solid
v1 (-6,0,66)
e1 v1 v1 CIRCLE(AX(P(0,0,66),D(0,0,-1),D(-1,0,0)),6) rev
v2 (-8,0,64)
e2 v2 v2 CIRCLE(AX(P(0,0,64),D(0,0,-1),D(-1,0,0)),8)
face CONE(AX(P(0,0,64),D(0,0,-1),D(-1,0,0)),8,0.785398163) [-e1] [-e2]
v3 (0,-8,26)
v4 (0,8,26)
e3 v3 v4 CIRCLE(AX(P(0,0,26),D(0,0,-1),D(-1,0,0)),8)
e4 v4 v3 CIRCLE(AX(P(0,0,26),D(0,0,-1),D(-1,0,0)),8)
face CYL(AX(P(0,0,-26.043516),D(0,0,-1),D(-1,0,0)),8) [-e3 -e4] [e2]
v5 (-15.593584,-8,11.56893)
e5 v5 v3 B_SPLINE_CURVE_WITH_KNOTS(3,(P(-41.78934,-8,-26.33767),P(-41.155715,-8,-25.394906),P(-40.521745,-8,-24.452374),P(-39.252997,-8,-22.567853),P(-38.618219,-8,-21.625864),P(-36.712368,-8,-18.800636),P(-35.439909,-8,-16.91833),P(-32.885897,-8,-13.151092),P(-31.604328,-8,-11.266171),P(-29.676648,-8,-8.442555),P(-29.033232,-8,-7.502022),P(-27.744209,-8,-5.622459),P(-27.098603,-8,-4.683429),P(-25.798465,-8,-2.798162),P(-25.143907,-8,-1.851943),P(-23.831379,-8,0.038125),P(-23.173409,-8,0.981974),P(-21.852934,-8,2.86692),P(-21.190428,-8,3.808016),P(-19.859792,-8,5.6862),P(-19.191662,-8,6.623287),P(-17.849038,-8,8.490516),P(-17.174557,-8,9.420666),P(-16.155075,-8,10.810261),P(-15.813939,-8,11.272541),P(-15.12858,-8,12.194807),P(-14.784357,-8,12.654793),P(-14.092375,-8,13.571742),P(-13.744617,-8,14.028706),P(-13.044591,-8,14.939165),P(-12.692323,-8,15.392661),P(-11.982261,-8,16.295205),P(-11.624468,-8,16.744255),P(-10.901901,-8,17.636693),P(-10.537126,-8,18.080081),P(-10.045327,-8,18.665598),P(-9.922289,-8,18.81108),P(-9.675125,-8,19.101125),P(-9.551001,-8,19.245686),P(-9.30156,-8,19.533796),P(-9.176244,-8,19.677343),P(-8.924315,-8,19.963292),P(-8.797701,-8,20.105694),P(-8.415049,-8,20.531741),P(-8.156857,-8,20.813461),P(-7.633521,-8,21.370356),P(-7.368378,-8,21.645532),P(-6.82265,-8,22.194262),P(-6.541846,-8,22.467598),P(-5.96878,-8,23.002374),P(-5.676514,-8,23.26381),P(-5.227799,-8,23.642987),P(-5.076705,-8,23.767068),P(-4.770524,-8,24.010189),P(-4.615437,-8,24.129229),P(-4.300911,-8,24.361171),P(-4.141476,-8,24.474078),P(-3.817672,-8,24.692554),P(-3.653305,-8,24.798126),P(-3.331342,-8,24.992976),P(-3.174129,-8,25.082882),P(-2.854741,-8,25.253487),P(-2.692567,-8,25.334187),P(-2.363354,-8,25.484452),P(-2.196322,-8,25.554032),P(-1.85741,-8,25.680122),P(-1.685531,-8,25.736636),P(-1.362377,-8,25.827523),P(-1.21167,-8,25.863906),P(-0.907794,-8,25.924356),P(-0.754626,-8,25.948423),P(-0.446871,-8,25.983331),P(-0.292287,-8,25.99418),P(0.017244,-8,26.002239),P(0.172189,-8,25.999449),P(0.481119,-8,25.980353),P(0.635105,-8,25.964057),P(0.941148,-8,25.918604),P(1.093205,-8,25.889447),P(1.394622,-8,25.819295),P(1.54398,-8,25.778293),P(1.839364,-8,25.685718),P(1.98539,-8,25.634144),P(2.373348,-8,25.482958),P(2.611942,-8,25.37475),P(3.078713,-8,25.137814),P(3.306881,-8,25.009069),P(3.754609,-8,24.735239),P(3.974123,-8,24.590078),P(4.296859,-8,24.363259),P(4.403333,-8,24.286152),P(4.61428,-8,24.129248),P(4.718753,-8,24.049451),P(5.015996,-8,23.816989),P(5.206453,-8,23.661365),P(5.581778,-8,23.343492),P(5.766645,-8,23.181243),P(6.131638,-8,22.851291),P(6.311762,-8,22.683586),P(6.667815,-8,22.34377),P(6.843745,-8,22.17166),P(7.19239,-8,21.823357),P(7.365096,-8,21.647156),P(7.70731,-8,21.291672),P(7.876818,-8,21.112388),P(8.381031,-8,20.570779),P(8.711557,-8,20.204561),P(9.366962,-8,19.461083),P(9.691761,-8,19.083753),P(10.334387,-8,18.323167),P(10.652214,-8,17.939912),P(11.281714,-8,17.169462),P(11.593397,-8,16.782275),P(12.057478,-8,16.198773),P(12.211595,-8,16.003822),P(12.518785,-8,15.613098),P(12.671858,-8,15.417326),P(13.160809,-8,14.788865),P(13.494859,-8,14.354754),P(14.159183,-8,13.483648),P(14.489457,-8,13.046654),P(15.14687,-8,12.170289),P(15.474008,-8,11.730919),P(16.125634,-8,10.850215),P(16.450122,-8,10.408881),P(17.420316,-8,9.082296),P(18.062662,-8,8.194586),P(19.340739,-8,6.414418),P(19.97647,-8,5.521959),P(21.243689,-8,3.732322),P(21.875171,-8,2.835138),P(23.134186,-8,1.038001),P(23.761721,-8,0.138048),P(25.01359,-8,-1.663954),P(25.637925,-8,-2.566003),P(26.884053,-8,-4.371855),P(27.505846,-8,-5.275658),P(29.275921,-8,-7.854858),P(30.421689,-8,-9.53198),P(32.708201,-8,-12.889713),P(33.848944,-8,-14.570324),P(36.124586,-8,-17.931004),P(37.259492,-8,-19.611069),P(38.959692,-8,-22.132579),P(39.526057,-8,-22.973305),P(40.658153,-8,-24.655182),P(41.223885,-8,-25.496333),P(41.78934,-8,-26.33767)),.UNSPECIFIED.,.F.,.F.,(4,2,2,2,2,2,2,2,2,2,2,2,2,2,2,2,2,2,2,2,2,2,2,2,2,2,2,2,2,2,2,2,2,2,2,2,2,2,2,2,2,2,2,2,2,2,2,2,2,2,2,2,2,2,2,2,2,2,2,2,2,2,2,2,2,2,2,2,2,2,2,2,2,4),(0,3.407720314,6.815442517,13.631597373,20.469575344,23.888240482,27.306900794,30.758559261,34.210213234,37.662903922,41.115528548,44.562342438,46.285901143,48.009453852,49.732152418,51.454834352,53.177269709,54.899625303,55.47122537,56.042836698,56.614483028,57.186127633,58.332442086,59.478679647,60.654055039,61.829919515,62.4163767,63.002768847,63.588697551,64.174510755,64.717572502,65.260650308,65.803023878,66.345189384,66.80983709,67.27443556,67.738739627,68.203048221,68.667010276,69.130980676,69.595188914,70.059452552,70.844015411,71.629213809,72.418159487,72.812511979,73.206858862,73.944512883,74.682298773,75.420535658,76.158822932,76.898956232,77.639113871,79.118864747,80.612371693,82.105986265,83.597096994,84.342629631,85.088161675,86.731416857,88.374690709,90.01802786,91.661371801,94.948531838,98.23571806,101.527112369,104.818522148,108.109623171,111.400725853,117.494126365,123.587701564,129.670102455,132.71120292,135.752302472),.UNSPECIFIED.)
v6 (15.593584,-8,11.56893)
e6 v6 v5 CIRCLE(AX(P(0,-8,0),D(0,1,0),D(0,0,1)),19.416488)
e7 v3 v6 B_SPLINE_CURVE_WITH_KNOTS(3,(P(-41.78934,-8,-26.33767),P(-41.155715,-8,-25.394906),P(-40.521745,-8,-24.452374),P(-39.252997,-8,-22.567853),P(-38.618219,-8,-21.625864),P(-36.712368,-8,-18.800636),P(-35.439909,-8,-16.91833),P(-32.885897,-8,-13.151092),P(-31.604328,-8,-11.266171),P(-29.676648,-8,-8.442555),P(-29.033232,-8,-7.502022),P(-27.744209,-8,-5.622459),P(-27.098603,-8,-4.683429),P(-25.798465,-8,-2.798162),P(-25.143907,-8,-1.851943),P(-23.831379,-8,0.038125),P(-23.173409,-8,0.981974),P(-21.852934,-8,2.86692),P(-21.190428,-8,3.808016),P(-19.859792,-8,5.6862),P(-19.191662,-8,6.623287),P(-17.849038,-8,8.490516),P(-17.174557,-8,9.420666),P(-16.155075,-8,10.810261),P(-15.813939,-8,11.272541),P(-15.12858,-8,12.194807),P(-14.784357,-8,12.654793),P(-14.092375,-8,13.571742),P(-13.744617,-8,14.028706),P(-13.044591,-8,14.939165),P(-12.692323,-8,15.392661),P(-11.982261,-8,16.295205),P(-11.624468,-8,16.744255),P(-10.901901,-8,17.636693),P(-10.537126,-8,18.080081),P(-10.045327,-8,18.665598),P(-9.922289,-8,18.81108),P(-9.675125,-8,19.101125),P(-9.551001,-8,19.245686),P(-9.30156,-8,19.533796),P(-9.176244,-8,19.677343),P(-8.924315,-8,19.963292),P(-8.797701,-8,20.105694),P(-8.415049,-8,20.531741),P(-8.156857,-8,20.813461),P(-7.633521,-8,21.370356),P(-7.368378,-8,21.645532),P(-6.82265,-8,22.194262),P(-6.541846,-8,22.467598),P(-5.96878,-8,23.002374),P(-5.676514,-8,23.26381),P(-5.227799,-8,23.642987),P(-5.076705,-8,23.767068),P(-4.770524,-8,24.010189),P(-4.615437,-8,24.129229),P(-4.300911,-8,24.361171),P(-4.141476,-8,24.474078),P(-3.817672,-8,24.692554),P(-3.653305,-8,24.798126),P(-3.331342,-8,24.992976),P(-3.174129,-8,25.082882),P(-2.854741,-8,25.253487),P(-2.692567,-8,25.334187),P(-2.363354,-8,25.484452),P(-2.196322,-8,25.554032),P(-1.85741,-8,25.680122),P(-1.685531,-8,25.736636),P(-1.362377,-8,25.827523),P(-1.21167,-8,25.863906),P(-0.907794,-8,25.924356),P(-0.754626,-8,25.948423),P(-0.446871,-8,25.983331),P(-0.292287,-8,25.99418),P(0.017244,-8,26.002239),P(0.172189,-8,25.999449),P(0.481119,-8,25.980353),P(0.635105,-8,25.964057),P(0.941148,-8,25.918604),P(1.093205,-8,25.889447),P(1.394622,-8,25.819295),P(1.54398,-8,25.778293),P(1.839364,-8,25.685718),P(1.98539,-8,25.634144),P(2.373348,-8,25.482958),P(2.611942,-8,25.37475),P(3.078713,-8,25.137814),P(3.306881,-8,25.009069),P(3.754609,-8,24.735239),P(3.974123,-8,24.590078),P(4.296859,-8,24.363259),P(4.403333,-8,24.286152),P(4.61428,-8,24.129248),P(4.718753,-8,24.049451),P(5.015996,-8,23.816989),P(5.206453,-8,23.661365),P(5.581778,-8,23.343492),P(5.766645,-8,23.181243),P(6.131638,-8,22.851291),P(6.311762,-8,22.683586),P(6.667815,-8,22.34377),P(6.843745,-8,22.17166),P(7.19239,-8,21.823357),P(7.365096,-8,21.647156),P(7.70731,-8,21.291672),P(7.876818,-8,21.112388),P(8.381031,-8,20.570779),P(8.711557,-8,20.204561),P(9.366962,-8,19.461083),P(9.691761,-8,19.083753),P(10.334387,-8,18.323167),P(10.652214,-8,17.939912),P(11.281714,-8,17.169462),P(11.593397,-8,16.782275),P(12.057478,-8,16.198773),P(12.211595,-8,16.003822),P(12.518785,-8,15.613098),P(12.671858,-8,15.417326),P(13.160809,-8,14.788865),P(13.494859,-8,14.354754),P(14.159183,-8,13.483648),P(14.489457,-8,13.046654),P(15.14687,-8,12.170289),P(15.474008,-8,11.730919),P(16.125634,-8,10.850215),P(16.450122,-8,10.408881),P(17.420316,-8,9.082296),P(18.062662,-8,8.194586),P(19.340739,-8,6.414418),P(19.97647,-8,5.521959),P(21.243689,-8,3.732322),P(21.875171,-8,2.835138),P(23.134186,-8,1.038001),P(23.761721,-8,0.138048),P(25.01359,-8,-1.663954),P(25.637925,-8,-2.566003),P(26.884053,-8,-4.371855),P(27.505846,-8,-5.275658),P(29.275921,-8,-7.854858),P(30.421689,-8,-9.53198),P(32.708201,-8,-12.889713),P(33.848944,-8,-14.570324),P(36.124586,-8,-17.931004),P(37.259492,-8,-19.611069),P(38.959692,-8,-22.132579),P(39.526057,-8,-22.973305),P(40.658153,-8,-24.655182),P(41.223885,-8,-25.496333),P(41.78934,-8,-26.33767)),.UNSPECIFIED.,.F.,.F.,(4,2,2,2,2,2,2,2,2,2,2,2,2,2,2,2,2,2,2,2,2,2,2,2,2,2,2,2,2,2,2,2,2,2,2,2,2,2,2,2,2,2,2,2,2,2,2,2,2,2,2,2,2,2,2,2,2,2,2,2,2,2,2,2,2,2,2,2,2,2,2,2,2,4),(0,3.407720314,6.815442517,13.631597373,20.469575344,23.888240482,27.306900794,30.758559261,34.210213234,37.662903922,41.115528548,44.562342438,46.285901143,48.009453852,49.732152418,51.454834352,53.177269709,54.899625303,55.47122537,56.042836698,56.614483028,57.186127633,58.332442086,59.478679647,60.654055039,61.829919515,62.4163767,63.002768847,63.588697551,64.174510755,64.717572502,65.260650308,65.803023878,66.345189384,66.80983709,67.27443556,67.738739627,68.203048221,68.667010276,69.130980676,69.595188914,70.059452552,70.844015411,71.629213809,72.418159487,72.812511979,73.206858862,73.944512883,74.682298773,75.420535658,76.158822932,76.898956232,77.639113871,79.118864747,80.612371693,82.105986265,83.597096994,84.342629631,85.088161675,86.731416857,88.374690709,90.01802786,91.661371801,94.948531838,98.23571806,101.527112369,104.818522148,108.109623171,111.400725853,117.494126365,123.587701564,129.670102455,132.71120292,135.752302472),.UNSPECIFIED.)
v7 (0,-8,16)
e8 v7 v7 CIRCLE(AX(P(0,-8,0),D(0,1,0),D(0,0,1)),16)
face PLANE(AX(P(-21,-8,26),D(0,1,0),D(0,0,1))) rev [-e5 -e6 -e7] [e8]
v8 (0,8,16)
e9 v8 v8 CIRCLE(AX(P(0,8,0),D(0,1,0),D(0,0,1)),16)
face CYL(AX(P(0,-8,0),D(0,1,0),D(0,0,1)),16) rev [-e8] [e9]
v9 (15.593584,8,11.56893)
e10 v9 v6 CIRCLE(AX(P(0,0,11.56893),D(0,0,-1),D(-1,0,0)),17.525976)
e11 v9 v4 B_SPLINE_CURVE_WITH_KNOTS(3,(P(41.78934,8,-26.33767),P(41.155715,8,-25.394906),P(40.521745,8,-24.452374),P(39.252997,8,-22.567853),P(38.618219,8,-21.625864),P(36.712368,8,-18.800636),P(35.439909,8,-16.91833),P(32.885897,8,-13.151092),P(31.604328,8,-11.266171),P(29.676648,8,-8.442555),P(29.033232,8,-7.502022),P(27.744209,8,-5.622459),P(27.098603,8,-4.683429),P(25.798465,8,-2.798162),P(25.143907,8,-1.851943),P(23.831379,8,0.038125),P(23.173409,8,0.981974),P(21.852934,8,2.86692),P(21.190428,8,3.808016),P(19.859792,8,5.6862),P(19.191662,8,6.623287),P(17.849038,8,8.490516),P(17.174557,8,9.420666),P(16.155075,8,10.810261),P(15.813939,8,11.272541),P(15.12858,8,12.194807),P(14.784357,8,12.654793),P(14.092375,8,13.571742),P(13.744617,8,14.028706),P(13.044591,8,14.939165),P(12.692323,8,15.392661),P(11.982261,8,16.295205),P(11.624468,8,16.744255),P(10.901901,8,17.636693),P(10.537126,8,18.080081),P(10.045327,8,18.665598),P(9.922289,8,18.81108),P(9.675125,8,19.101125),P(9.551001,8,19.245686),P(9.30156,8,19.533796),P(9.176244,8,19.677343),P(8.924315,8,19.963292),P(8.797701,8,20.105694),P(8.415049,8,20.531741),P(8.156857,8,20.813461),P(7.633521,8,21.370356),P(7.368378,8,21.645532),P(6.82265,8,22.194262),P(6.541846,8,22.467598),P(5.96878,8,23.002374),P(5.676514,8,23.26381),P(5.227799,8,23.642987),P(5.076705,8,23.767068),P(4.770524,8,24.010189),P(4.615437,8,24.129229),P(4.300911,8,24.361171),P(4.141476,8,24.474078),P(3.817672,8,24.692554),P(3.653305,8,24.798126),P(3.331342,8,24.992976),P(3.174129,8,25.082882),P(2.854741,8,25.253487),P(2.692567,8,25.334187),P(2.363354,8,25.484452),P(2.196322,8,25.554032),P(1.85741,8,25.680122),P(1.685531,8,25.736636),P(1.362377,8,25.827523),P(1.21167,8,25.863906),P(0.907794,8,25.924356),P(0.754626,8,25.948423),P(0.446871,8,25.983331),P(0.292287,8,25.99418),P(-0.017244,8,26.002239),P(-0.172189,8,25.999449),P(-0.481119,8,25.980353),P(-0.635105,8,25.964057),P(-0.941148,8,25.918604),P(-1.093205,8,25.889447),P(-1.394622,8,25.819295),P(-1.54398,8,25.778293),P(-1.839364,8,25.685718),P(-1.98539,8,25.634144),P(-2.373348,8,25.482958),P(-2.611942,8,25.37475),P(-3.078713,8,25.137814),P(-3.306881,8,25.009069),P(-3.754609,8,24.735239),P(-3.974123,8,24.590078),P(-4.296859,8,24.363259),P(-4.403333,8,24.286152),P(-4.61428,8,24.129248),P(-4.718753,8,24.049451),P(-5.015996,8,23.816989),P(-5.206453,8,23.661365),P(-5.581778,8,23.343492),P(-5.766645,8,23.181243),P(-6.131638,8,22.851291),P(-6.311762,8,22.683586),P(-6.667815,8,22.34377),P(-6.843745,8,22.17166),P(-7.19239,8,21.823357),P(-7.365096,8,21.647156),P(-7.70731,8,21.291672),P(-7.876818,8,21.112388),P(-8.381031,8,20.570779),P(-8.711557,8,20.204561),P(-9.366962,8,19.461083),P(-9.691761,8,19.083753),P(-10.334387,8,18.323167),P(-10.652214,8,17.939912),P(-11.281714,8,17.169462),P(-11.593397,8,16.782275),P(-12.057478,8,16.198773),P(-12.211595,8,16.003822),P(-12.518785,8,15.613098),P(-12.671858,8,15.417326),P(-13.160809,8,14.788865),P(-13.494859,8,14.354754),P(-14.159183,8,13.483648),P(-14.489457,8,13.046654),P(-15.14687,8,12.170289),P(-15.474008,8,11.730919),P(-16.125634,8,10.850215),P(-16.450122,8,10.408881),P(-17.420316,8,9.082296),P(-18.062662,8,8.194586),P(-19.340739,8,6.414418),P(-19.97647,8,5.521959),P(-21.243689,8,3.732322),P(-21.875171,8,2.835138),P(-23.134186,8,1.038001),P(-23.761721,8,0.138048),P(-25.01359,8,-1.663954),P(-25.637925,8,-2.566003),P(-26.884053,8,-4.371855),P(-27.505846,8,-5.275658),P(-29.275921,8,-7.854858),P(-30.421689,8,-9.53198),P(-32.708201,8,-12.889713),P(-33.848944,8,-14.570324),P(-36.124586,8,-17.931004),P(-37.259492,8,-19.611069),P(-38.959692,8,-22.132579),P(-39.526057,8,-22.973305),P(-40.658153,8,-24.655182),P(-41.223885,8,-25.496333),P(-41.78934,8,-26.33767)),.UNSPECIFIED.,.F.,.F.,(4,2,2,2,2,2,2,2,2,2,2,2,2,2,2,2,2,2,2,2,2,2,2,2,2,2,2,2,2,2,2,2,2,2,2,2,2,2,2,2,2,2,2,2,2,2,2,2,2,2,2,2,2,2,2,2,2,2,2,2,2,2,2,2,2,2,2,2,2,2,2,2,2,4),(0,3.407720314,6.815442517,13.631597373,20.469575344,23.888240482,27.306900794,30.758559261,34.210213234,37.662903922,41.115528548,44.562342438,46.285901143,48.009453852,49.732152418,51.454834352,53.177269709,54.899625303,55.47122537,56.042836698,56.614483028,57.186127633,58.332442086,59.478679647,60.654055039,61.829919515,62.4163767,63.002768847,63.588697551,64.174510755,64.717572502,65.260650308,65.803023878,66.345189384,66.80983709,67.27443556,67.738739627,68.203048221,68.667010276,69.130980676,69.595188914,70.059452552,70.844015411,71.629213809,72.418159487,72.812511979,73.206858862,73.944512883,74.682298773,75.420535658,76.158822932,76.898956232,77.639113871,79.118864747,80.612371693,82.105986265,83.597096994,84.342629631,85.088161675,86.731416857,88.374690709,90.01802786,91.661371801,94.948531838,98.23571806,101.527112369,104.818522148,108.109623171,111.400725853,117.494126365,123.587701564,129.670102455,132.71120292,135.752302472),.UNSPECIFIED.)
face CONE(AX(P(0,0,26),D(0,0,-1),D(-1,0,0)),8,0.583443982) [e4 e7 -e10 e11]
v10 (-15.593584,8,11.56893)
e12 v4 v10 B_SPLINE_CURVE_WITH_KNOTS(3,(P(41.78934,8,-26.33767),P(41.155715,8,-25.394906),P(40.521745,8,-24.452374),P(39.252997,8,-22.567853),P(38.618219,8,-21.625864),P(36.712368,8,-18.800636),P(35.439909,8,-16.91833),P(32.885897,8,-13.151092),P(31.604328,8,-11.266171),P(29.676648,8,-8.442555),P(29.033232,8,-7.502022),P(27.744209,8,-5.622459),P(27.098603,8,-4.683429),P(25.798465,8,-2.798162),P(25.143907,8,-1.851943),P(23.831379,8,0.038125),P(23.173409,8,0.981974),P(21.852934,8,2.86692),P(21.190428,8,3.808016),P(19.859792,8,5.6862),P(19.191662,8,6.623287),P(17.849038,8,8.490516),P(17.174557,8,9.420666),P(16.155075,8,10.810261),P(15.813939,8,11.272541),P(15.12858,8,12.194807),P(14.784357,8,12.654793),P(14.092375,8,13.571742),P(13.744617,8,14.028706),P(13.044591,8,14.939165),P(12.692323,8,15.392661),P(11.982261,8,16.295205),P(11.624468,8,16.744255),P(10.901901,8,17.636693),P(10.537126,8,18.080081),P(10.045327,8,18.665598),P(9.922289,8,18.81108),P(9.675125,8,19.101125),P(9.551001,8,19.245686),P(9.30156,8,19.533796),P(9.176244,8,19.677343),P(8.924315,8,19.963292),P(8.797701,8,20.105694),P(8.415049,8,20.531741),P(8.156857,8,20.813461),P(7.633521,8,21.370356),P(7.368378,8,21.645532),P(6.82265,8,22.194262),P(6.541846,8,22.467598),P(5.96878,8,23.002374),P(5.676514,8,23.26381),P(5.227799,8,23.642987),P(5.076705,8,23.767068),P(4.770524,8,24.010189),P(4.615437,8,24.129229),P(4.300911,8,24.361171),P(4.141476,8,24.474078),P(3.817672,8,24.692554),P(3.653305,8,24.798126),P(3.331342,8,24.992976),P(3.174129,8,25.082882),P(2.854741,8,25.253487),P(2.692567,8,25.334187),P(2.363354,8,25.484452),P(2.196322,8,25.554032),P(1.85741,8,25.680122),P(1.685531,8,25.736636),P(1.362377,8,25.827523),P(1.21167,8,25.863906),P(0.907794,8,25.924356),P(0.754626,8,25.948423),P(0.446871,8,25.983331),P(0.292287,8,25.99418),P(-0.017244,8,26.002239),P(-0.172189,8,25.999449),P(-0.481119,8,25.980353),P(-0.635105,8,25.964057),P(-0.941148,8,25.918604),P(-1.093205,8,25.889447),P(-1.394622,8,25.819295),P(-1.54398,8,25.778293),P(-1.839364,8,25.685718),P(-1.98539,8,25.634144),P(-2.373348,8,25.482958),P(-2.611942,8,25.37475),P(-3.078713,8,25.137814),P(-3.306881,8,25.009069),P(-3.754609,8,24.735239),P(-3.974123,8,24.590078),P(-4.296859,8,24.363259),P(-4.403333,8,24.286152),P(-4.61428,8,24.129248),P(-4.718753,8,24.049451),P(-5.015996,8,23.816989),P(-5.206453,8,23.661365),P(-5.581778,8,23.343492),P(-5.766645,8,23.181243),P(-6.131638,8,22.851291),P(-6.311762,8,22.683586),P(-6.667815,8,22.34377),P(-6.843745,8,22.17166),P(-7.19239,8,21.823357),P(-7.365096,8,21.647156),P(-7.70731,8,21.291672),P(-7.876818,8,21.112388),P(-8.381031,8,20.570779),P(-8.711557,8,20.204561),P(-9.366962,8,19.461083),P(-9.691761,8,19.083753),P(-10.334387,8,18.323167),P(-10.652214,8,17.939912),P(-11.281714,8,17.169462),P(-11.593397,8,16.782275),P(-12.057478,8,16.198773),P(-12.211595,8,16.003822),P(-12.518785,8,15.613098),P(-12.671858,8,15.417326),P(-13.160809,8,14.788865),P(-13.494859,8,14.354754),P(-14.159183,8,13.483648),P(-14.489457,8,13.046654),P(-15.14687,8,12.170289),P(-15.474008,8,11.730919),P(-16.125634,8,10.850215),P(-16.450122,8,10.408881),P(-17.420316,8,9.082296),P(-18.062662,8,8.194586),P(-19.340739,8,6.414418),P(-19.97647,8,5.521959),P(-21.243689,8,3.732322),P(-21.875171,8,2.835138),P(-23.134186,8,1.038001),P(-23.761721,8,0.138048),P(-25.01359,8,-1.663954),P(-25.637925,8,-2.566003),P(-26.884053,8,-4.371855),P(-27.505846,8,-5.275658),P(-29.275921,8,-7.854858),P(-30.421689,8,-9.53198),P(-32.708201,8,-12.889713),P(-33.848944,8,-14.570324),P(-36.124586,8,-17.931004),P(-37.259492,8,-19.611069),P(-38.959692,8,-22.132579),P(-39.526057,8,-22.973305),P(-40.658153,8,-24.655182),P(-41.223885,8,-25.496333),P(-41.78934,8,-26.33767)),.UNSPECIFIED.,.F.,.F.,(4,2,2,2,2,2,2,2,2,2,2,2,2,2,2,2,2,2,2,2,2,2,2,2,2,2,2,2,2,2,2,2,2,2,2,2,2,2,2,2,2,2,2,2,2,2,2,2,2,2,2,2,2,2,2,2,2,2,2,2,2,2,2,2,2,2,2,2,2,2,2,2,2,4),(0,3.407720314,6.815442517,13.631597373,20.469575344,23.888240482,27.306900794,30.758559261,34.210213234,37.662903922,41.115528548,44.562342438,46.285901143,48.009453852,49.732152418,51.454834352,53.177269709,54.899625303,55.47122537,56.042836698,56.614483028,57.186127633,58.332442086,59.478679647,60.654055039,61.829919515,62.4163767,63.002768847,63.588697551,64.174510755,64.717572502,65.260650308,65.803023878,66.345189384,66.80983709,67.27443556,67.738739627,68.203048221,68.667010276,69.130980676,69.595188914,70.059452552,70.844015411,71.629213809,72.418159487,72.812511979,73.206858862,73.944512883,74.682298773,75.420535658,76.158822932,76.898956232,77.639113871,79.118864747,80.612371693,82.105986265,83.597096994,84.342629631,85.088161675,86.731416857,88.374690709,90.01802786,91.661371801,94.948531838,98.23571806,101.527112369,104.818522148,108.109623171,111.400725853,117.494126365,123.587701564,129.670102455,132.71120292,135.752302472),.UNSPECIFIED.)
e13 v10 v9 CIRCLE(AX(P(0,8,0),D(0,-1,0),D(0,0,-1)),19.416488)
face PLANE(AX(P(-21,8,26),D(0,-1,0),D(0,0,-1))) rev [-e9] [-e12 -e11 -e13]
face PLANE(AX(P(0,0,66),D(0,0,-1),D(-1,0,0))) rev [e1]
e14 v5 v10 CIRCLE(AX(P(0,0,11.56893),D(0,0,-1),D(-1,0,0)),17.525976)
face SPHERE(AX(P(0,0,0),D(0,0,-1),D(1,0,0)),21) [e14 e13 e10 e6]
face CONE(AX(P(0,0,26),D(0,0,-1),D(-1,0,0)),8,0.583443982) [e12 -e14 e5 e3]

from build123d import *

# Parameters (mm, degrees)
SZKIC1_W                        = 8
SZKIC1_H                        = 40
WYTNIJ_WYCI_GNI_CIE1_DEPTH      = 22
WYTNIJ_WYCI_GNI_CIE1_DEPTH_BACK = 22
SZKIC3_R                        = 16
WYTNIJ_WYCI_GNI_CIE2_DEPTH      = 9
WYTNIJ_WYCI_GNI_CIE2_DEPTH_BACK = 9
SFAZOWANIE1_SIZE                = 2


with BuildPart() as part:
    # Szkic1 → Obrót1 (revolve)
    with BuildSketch(Plane(origin=(0, 0, 0), x_dir=(1, 0, 0), z_dir=(0, 1, 0))):
        with BuildLine():
            Line((0, 21), (0, -26))
            Line((0, -26), (8, -26))
            Line((8, -26), (17.525976473, -11.568930316))
            ThreePointArc((17.525976473, -11.568930316), (18.492532772, 9.951192475), (0, 21))
        make_face()
        with Locations((4, -46)):
            Rectangle(SZKIC1_W, SZKIC1_H)
    revolve(axis=Axis((0, 0, -26.043516498), (0, 0, 1)))

    # Szkic2 → Wytnij-wyciągnięcie1 (cut, two sides)
    with BuildSketch(Plane(origin=(0, 0, 0), x_dir=(0, 0, -1), z_dir=(1, 0, 0))) as wytnij_wyci_gni_cie1_sk:
        with BuildLine():
            Line((-26, 8), (19.416487839, 8))
            ThreePointArc((19.416487839, 8), (6.171069333, 20.072815031), (-11.568930316, 17.525976473))
            Line((-11.568930316, 17.525976473), (-26, 8))
        make_face()
        with BuildLine():
            Line((-26, -8), (19.416487839, -8))
            ThreePointArc((19.416487839, -8), (6.171069333, -20.072815031), (-11.568930316, -17.525976473))
            Line((-11.568930316, -17.525976473), (-26, -8))
        make_face()
    extrude(amount=WYTNIJ_WYCI_GNI_CIE1_DEPTH, mode=Mode.SUBTRACT)
    extrude(wytnij_wyci_gni_cie1_sk.sketch, amount=-WYTNIJ_WYCI_GNI_CIE1_DEPTH_BACK, mode=Mode.SUBTRACT)

    # Szkic3 → Wytnij-wyciągnięcie2 (cut, two sides)
    with BuildSketch(Plane(origin=(0, 0, 0), x_dir=(1, 0, 0), z_dir=(0, 1, 0))) as wytnij_wyci_gni_cie2_sk:
        Circle(SZKIC3_R)
    extrude(amount=WYTNIJ_WYCI_GNI_CIE2_DEPTH, mode=Mode.SUBTRACT)
    extrude(wytnij_wyci_gni_cie2_sk.sketch, amount=-WYTNIJ_WYCI_GNI_CIE2_DEPTH_BACK, mode=Mode.SUBTRACT)

    # Sfazowanie1
    sfazowanie1_edges = [part.edges().sort_by_distance(p)[0] for p in [
        (-8, 0, 66),
    ]]
    chamfer(sfazowanie1_edges, length=SFAZOWANIE1_SIZE)


solid = part.part
